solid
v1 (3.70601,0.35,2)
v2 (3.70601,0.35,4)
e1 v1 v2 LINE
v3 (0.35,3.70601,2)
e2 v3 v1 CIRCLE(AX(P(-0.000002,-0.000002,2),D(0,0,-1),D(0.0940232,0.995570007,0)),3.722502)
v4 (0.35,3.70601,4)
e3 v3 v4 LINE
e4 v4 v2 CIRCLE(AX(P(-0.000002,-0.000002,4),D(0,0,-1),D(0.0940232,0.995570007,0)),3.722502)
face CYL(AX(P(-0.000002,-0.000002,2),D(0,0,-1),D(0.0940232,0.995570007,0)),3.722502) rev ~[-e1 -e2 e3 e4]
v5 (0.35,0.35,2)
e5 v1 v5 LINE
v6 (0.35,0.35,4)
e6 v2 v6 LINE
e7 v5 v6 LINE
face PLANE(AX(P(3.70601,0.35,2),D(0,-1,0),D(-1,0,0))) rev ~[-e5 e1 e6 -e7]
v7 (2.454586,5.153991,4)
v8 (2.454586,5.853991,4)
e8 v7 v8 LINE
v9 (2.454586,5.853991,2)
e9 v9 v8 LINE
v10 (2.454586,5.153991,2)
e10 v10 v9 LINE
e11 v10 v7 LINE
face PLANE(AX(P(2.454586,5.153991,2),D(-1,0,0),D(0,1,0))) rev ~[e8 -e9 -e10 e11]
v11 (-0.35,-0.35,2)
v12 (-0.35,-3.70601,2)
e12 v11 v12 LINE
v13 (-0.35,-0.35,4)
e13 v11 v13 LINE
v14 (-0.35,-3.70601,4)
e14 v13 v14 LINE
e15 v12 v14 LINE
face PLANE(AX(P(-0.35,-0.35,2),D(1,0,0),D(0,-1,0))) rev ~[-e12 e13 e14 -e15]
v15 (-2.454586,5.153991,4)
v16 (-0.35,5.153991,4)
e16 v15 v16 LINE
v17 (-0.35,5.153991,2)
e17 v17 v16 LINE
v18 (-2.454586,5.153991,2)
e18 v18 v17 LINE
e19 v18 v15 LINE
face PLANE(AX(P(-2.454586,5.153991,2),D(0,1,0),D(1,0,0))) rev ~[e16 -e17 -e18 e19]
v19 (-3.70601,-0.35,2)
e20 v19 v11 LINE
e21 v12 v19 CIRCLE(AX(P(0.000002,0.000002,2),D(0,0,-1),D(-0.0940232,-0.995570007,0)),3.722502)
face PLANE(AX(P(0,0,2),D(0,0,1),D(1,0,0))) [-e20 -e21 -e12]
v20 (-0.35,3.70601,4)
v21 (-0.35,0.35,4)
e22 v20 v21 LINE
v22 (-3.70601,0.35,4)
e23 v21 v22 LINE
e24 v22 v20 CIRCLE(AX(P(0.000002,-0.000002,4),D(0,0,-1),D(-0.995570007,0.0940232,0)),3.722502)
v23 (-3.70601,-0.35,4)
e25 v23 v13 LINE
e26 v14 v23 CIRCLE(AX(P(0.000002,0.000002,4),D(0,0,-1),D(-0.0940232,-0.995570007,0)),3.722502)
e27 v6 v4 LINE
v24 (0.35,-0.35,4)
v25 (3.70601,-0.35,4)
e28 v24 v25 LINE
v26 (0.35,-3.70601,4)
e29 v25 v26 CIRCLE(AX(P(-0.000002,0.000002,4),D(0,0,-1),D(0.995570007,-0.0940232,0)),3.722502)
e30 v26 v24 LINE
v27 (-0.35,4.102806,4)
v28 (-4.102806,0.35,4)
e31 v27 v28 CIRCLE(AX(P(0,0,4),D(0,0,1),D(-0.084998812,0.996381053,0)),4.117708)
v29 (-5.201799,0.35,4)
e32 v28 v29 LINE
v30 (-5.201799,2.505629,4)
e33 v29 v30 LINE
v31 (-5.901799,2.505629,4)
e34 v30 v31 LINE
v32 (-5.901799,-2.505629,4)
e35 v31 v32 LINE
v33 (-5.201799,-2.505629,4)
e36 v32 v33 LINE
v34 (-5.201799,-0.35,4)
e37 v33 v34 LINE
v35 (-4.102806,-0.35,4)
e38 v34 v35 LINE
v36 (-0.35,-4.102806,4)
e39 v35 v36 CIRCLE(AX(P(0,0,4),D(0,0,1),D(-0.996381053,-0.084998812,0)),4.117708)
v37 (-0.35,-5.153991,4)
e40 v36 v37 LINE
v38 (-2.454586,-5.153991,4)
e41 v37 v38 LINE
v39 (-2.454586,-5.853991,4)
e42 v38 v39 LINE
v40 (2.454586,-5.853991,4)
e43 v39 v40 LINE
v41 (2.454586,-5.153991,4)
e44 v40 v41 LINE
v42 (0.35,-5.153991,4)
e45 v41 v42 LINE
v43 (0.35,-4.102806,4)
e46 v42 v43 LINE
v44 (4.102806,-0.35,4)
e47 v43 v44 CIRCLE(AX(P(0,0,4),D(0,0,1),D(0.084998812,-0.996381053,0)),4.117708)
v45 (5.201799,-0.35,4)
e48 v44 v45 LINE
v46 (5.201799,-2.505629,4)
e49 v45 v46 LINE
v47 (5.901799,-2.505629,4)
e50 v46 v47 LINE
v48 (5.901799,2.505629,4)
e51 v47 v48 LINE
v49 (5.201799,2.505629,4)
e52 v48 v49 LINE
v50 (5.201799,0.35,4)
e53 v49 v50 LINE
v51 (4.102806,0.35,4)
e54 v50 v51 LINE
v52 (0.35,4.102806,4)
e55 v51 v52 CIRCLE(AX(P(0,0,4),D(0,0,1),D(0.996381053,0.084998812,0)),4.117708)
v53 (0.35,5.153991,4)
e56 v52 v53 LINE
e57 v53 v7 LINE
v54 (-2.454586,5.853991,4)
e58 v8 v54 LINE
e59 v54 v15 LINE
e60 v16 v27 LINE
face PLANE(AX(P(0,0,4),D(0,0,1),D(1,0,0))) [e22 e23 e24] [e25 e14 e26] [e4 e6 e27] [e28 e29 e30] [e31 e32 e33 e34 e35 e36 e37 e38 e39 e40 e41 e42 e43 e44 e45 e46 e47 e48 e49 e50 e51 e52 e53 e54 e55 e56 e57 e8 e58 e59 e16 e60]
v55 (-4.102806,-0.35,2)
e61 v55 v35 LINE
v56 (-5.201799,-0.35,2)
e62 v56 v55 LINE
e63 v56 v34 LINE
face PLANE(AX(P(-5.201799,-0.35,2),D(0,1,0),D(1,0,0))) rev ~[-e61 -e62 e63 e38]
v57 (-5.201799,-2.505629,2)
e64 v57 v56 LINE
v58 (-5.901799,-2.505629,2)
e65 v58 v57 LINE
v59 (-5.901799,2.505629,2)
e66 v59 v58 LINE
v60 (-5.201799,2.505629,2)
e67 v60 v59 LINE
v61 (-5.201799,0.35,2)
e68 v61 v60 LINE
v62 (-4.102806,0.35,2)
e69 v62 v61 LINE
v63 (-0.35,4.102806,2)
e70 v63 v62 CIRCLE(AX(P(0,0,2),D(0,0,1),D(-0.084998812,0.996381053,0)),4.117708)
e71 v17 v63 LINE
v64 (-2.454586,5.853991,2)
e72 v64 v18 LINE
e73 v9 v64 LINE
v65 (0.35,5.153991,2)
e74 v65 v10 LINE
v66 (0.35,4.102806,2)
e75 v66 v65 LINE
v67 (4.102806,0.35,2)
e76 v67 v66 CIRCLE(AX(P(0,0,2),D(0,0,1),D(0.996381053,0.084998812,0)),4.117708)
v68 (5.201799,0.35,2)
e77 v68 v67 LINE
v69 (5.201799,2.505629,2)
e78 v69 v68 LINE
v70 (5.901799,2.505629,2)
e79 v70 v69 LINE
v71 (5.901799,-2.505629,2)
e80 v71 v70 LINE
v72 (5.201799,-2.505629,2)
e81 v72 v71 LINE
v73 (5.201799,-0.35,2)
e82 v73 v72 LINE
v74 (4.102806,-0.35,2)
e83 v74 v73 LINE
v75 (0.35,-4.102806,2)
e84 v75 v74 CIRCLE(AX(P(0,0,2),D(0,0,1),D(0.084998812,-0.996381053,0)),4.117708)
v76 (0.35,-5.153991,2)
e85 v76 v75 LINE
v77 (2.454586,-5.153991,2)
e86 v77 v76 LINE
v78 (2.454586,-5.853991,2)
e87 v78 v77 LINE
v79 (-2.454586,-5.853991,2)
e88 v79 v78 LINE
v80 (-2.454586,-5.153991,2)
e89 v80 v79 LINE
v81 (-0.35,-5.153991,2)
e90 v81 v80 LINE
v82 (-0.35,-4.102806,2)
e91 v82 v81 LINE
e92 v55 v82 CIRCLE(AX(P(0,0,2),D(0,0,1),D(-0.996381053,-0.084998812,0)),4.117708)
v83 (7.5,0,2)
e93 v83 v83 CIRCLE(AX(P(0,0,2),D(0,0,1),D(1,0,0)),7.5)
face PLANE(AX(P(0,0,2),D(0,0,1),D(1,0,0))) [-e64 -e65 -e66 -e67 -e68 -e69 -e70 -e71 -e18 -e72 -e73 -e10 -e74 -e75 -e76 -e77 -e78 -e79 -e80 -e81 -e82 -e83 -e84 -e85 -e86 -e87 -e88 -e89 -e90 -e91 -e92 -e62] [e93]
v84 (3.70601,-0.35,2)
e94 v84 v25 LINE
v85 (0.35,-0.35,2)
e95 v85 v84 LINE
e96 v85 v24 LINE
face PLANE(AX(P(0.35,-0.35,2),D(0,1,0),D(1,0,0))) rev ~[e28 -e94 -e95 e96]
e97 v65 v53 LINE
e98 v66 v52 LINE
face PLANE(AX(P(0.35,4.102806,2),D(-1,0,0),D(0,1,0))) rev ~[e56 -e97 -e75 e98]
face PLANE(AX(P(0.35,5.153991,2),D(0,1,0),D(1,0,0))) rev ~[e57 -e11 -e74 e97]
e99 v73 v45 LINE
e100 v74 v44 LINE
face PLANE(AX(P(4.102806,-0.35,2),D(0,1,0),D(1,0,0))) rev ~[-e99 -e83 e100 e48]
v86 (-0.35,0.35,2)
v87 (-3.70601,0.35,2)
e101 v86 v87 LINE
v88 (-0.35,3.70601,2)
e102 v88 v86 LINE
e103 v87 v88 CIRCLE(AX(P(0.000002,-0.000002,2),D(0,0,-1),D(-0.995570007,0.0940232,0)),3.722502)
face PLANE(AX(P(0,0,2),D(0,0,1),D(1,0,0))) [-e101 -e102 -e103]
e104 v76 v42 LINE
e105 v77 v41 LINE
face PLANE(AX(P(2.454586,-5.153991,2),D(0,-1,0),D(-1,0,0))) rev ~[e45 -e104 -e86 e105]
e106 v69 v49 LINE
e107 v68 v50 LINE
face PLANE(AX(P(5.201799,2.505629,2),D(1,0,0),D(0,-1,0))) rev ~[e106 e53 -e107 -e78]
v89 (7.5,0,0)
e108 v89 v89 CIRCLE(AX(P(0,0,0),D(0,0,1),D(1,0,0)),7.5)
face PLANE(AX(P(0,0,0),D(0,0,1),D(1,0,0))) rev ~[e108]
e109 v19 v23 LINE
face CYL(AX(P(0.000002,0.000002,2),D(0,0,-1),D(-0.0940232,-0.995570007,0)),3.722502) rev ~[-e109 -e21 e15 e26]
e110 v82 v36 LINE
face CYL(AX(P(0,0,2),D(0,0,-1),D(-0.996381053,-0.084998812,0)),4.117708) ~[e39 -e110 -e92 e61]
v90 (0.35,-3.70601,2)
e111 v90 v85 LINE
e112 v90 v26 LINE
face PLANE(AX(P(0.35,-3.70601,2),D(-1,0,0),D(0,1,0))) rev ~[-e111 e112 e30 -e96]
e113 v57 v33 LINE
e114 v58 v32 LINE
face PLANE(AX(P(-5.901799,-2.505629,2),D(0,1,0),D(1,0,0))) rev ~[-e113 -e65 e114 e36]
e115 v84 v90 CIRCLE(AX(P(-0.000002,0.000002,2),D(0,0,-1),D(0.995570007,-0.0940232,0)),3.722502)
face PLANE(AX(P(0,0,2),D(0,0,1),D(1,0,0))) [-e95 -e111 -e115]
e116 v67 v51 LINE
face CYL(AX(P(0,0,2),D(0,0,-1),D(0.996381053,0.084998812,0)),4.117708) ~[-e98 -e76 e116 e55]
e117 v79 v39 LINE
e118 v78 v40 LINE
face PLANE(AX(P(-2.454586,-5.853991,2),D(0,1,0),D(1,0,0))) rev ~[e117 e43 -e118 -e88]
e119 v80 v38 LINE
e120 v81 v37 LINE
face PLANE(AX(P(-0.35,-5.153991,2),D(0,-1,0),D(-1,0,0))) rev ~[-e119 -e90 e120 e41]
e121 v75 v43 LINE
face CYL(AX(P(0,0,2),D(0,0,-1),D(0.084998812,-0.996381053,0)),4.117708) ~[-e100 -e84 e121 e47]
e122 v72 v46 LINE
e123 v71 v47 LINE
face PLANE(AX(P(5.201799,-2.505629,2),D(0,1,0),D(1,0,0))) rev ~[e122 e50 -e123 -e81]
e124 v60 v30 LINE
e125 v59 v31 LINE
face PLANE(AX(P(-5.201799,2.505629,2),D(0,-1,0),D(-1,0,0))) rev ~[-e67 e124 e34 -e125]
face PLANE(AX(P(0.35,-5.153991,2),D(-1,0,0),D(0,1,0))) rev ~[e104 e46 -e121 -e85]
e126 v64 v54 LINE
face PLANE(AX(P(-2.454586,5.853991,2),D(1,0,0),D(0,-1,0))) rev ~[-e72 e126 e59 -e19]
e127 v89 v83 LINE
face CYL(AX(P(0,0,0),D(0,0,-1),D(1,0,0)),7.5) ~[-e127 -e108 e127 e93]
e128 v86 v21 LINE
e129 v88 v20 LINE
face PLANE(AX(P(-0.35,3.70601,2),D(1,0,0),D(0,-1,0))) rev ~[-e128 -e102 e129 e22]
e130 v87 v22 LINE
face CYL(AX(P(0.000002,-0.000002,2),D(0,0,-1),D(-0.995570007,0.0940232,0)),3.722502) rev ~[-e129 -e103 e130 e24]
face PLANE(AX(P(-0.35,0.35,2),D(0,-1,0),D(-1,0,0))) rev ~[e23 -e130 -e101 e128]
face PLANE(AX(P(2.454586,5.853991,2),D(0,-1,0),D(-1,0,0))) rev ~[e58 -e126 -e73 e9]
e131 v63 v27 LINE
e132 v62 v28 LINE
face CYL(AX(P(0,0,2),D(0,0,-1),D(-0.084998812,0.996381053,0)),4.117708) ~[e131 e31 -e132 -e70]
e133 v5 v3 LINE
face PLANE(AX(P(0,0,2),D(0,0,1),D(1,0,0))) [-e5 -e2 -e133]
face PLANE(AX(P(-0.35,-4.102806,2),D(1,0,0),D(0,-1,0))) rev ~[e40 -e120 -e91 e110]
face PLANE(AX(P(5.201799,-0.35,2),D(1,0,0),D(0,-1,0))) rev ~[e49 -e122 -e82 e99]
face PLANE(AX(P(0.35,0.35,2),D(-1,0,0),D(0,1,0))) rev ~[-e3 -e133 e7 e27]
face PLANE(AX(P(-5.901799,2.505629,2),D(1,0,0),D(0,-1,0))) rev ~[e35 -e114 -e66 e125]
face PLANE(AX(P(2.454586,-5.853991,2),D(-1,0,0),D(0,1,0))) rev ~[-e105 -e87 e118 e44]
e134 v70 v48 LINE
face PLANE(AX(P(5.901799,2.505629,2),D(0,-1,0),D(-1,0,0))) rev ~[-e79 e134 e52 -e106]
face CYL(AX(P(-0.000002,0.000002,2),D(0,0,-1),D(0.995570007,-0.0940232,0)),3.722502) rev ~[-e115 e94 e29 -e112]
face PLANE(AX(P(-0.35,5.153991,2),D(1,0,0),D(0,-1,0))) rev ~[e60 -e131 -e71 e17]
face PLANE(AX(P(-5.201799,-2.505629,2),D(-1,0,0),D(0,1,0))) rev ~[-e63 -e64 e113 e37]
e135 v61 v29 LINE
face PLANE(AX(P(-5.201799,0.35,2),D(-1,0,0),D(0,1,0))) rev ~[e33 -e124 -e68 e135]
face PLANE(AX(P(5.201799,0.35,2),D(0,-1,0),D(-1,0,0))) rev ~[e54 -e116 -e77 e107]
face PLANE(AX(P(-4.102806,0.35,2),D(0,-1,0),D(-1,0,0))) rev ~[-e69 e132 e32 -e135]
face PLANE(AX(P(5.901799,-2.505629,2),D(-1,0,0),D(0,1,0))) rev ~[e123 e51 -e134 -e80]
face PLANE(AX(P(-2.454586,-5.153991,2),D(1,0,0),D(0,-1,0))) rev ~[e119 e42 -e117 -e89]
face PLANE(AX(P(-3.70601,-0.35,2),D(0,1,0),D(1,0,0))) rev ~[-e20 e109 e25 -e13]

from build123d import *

# Parameters (mm, degrees)
F0_R     = 7.5
F1_DEPTH = 2
F3_DEPTH = 2


with BuildPart() as f1:
    # F0 (on Top) → F1 (new body)
    with BuildSketch(Plane.XY):
        Circle(F0_R)
    extrude(amount=F1_DEPTH)

    # F2 (on face) → F3 (join)
    with BuildSketch(Plane.XY.offset(2)):
        with BuildLine():
            Line((-0.35, 5.853991), (-2.454586, 5.853991))
            Line((-2.454586, 5.853991), (-2.454586, 5.153991))
            Line((-2.454586, 5.153991), (-0.35, 5.153991))
            Line((-0.35, 5.153991), (-0.35, 4.102806))
            ThreePointArc((-0.35, 4.102806), (-2.911659, 2.911659), (-4.102806, 0.35))
            Line((-4.102806, 0.35), (-5.201799, 0.35))
            Line((-5.201799, 0.35), (-5.201799, 2.505629))
            Line((-5.201799, 2.505629), (-5.901799, 2.505629))
            Line((-5.901799, 2.505629), (-5.901799, 0))
            Line((-5.901799, 0), (-5.901799, -2.505629))
            Line((-5.901799, -2.505629), (-5.201799, -2.505629))
            Line((-5.201799, -2.505629), (-5.201799, -0.35))
            Line((-5.201799, -0.35), (-4.102806, -0.35))
            ThreePointArc((-4.102806, -0.35), (-2.911659, -2.911659), (-0.35, -4.102806))
            Line((-0.35, -4.102806), (-0.35, -5.153991))
            Line((-0.35, -5.153991), (-2.454586, -5.153991))
            Line((-2.454586, -5.153991), (-2.454586, -5.853991))
            Line((-2.454586, -5.853991), (0, -5.853991))
            Line((0, -5.853991), (2.454586, -5.853991))
            Line((2.454586, -5.853991), (2.454586, -5.153991))
            Line((2.454586, -5.153991), (0.35, -5.153991))
            Line((0.35, -5.153991), (0.35, -4.102806))
            ThreePointArc((0.35, -4.102806), (2.911659, -2.911659), (4.102806, -0.35))
            Line((4.102806, -0.35), (5.201799, -0.35))
            Line((5.201799, -0.35), (5.201799, -2.505629))
            Line((5.201799, -2.505629), (5.901799, -2.505629))
            Line((5.901799, -2.505629), (5.901799, 0))
            Line((5.901799, 0), (5.901799, 2.505629))
            Line((5.901799, 2.505629), (5.201799, 2.505629))
            Line((5.201799, 2.505629), (5.201799, 0.35))
            Line((5.201799, 0.35), (4.102806, 0.35))
            ThreePointArc((4.102806, 0.35), (2.911659, 2.911659), (0.35, 4.102806))
            Line((0.35, 4.102806), (0.35, 5.153991))
            Line((0.35, 5.153991), (2.454586, 5.153991))
            Line((2.454586, 5.153991), (2.454586, 5.853991))
            Line((2.454586, 5.853991), (0, 5.853991))
            Line((0, 5.853991), (-0.35, 5.853991))
        make_face()
        with BuildLine():
            Line((-3.70601, -0.35), (-0.35, -0.35))
            Line((-0.35, -0.35), (-0.35, -3.70601))
            ThreePointArc((-0.35, -3.70601), (-2.632205, -2.632205), (-3.70601, -0.35))
        make_face(mode=Mode.SUBTRACT)
        with BuildLine():
            Line((0.35, -3.70601), (0.35, -0.35))
            Line((0.35, -0.35), (3.70601, -0.35))
            ThreePointArc((3.70601, -0.35), (2.632205, -2.632205), (0.35, -3.70601))
        make_face(mode=Mode.SUBTRACT)
        with BuildLine():
            Line((-0.35, 3.70601), (-0.35, 0.35))
            Line((-0.35, 0.35), (-3.70601, 0.35))
            ThreePointArc((-3.70601, 0.35), (-2.632205, 2.632205), (-0.35, 3.70601))
        make_face(mode=Mode.SUBTRACT)
        with BuildLine():
            Line((3.70601, 0.35), (0.35, 0.35))
            Line((0.35, 0.35), (0.35, 3.70601))
            ThreePointArc((0.35, 3.70601), (2.632205, 2.632205), (3.70601, 0.35))
        make_face(mode=Mode.SUBTRACT)
    extrude(amount=F3_DEPTH)


solid = f1.part
